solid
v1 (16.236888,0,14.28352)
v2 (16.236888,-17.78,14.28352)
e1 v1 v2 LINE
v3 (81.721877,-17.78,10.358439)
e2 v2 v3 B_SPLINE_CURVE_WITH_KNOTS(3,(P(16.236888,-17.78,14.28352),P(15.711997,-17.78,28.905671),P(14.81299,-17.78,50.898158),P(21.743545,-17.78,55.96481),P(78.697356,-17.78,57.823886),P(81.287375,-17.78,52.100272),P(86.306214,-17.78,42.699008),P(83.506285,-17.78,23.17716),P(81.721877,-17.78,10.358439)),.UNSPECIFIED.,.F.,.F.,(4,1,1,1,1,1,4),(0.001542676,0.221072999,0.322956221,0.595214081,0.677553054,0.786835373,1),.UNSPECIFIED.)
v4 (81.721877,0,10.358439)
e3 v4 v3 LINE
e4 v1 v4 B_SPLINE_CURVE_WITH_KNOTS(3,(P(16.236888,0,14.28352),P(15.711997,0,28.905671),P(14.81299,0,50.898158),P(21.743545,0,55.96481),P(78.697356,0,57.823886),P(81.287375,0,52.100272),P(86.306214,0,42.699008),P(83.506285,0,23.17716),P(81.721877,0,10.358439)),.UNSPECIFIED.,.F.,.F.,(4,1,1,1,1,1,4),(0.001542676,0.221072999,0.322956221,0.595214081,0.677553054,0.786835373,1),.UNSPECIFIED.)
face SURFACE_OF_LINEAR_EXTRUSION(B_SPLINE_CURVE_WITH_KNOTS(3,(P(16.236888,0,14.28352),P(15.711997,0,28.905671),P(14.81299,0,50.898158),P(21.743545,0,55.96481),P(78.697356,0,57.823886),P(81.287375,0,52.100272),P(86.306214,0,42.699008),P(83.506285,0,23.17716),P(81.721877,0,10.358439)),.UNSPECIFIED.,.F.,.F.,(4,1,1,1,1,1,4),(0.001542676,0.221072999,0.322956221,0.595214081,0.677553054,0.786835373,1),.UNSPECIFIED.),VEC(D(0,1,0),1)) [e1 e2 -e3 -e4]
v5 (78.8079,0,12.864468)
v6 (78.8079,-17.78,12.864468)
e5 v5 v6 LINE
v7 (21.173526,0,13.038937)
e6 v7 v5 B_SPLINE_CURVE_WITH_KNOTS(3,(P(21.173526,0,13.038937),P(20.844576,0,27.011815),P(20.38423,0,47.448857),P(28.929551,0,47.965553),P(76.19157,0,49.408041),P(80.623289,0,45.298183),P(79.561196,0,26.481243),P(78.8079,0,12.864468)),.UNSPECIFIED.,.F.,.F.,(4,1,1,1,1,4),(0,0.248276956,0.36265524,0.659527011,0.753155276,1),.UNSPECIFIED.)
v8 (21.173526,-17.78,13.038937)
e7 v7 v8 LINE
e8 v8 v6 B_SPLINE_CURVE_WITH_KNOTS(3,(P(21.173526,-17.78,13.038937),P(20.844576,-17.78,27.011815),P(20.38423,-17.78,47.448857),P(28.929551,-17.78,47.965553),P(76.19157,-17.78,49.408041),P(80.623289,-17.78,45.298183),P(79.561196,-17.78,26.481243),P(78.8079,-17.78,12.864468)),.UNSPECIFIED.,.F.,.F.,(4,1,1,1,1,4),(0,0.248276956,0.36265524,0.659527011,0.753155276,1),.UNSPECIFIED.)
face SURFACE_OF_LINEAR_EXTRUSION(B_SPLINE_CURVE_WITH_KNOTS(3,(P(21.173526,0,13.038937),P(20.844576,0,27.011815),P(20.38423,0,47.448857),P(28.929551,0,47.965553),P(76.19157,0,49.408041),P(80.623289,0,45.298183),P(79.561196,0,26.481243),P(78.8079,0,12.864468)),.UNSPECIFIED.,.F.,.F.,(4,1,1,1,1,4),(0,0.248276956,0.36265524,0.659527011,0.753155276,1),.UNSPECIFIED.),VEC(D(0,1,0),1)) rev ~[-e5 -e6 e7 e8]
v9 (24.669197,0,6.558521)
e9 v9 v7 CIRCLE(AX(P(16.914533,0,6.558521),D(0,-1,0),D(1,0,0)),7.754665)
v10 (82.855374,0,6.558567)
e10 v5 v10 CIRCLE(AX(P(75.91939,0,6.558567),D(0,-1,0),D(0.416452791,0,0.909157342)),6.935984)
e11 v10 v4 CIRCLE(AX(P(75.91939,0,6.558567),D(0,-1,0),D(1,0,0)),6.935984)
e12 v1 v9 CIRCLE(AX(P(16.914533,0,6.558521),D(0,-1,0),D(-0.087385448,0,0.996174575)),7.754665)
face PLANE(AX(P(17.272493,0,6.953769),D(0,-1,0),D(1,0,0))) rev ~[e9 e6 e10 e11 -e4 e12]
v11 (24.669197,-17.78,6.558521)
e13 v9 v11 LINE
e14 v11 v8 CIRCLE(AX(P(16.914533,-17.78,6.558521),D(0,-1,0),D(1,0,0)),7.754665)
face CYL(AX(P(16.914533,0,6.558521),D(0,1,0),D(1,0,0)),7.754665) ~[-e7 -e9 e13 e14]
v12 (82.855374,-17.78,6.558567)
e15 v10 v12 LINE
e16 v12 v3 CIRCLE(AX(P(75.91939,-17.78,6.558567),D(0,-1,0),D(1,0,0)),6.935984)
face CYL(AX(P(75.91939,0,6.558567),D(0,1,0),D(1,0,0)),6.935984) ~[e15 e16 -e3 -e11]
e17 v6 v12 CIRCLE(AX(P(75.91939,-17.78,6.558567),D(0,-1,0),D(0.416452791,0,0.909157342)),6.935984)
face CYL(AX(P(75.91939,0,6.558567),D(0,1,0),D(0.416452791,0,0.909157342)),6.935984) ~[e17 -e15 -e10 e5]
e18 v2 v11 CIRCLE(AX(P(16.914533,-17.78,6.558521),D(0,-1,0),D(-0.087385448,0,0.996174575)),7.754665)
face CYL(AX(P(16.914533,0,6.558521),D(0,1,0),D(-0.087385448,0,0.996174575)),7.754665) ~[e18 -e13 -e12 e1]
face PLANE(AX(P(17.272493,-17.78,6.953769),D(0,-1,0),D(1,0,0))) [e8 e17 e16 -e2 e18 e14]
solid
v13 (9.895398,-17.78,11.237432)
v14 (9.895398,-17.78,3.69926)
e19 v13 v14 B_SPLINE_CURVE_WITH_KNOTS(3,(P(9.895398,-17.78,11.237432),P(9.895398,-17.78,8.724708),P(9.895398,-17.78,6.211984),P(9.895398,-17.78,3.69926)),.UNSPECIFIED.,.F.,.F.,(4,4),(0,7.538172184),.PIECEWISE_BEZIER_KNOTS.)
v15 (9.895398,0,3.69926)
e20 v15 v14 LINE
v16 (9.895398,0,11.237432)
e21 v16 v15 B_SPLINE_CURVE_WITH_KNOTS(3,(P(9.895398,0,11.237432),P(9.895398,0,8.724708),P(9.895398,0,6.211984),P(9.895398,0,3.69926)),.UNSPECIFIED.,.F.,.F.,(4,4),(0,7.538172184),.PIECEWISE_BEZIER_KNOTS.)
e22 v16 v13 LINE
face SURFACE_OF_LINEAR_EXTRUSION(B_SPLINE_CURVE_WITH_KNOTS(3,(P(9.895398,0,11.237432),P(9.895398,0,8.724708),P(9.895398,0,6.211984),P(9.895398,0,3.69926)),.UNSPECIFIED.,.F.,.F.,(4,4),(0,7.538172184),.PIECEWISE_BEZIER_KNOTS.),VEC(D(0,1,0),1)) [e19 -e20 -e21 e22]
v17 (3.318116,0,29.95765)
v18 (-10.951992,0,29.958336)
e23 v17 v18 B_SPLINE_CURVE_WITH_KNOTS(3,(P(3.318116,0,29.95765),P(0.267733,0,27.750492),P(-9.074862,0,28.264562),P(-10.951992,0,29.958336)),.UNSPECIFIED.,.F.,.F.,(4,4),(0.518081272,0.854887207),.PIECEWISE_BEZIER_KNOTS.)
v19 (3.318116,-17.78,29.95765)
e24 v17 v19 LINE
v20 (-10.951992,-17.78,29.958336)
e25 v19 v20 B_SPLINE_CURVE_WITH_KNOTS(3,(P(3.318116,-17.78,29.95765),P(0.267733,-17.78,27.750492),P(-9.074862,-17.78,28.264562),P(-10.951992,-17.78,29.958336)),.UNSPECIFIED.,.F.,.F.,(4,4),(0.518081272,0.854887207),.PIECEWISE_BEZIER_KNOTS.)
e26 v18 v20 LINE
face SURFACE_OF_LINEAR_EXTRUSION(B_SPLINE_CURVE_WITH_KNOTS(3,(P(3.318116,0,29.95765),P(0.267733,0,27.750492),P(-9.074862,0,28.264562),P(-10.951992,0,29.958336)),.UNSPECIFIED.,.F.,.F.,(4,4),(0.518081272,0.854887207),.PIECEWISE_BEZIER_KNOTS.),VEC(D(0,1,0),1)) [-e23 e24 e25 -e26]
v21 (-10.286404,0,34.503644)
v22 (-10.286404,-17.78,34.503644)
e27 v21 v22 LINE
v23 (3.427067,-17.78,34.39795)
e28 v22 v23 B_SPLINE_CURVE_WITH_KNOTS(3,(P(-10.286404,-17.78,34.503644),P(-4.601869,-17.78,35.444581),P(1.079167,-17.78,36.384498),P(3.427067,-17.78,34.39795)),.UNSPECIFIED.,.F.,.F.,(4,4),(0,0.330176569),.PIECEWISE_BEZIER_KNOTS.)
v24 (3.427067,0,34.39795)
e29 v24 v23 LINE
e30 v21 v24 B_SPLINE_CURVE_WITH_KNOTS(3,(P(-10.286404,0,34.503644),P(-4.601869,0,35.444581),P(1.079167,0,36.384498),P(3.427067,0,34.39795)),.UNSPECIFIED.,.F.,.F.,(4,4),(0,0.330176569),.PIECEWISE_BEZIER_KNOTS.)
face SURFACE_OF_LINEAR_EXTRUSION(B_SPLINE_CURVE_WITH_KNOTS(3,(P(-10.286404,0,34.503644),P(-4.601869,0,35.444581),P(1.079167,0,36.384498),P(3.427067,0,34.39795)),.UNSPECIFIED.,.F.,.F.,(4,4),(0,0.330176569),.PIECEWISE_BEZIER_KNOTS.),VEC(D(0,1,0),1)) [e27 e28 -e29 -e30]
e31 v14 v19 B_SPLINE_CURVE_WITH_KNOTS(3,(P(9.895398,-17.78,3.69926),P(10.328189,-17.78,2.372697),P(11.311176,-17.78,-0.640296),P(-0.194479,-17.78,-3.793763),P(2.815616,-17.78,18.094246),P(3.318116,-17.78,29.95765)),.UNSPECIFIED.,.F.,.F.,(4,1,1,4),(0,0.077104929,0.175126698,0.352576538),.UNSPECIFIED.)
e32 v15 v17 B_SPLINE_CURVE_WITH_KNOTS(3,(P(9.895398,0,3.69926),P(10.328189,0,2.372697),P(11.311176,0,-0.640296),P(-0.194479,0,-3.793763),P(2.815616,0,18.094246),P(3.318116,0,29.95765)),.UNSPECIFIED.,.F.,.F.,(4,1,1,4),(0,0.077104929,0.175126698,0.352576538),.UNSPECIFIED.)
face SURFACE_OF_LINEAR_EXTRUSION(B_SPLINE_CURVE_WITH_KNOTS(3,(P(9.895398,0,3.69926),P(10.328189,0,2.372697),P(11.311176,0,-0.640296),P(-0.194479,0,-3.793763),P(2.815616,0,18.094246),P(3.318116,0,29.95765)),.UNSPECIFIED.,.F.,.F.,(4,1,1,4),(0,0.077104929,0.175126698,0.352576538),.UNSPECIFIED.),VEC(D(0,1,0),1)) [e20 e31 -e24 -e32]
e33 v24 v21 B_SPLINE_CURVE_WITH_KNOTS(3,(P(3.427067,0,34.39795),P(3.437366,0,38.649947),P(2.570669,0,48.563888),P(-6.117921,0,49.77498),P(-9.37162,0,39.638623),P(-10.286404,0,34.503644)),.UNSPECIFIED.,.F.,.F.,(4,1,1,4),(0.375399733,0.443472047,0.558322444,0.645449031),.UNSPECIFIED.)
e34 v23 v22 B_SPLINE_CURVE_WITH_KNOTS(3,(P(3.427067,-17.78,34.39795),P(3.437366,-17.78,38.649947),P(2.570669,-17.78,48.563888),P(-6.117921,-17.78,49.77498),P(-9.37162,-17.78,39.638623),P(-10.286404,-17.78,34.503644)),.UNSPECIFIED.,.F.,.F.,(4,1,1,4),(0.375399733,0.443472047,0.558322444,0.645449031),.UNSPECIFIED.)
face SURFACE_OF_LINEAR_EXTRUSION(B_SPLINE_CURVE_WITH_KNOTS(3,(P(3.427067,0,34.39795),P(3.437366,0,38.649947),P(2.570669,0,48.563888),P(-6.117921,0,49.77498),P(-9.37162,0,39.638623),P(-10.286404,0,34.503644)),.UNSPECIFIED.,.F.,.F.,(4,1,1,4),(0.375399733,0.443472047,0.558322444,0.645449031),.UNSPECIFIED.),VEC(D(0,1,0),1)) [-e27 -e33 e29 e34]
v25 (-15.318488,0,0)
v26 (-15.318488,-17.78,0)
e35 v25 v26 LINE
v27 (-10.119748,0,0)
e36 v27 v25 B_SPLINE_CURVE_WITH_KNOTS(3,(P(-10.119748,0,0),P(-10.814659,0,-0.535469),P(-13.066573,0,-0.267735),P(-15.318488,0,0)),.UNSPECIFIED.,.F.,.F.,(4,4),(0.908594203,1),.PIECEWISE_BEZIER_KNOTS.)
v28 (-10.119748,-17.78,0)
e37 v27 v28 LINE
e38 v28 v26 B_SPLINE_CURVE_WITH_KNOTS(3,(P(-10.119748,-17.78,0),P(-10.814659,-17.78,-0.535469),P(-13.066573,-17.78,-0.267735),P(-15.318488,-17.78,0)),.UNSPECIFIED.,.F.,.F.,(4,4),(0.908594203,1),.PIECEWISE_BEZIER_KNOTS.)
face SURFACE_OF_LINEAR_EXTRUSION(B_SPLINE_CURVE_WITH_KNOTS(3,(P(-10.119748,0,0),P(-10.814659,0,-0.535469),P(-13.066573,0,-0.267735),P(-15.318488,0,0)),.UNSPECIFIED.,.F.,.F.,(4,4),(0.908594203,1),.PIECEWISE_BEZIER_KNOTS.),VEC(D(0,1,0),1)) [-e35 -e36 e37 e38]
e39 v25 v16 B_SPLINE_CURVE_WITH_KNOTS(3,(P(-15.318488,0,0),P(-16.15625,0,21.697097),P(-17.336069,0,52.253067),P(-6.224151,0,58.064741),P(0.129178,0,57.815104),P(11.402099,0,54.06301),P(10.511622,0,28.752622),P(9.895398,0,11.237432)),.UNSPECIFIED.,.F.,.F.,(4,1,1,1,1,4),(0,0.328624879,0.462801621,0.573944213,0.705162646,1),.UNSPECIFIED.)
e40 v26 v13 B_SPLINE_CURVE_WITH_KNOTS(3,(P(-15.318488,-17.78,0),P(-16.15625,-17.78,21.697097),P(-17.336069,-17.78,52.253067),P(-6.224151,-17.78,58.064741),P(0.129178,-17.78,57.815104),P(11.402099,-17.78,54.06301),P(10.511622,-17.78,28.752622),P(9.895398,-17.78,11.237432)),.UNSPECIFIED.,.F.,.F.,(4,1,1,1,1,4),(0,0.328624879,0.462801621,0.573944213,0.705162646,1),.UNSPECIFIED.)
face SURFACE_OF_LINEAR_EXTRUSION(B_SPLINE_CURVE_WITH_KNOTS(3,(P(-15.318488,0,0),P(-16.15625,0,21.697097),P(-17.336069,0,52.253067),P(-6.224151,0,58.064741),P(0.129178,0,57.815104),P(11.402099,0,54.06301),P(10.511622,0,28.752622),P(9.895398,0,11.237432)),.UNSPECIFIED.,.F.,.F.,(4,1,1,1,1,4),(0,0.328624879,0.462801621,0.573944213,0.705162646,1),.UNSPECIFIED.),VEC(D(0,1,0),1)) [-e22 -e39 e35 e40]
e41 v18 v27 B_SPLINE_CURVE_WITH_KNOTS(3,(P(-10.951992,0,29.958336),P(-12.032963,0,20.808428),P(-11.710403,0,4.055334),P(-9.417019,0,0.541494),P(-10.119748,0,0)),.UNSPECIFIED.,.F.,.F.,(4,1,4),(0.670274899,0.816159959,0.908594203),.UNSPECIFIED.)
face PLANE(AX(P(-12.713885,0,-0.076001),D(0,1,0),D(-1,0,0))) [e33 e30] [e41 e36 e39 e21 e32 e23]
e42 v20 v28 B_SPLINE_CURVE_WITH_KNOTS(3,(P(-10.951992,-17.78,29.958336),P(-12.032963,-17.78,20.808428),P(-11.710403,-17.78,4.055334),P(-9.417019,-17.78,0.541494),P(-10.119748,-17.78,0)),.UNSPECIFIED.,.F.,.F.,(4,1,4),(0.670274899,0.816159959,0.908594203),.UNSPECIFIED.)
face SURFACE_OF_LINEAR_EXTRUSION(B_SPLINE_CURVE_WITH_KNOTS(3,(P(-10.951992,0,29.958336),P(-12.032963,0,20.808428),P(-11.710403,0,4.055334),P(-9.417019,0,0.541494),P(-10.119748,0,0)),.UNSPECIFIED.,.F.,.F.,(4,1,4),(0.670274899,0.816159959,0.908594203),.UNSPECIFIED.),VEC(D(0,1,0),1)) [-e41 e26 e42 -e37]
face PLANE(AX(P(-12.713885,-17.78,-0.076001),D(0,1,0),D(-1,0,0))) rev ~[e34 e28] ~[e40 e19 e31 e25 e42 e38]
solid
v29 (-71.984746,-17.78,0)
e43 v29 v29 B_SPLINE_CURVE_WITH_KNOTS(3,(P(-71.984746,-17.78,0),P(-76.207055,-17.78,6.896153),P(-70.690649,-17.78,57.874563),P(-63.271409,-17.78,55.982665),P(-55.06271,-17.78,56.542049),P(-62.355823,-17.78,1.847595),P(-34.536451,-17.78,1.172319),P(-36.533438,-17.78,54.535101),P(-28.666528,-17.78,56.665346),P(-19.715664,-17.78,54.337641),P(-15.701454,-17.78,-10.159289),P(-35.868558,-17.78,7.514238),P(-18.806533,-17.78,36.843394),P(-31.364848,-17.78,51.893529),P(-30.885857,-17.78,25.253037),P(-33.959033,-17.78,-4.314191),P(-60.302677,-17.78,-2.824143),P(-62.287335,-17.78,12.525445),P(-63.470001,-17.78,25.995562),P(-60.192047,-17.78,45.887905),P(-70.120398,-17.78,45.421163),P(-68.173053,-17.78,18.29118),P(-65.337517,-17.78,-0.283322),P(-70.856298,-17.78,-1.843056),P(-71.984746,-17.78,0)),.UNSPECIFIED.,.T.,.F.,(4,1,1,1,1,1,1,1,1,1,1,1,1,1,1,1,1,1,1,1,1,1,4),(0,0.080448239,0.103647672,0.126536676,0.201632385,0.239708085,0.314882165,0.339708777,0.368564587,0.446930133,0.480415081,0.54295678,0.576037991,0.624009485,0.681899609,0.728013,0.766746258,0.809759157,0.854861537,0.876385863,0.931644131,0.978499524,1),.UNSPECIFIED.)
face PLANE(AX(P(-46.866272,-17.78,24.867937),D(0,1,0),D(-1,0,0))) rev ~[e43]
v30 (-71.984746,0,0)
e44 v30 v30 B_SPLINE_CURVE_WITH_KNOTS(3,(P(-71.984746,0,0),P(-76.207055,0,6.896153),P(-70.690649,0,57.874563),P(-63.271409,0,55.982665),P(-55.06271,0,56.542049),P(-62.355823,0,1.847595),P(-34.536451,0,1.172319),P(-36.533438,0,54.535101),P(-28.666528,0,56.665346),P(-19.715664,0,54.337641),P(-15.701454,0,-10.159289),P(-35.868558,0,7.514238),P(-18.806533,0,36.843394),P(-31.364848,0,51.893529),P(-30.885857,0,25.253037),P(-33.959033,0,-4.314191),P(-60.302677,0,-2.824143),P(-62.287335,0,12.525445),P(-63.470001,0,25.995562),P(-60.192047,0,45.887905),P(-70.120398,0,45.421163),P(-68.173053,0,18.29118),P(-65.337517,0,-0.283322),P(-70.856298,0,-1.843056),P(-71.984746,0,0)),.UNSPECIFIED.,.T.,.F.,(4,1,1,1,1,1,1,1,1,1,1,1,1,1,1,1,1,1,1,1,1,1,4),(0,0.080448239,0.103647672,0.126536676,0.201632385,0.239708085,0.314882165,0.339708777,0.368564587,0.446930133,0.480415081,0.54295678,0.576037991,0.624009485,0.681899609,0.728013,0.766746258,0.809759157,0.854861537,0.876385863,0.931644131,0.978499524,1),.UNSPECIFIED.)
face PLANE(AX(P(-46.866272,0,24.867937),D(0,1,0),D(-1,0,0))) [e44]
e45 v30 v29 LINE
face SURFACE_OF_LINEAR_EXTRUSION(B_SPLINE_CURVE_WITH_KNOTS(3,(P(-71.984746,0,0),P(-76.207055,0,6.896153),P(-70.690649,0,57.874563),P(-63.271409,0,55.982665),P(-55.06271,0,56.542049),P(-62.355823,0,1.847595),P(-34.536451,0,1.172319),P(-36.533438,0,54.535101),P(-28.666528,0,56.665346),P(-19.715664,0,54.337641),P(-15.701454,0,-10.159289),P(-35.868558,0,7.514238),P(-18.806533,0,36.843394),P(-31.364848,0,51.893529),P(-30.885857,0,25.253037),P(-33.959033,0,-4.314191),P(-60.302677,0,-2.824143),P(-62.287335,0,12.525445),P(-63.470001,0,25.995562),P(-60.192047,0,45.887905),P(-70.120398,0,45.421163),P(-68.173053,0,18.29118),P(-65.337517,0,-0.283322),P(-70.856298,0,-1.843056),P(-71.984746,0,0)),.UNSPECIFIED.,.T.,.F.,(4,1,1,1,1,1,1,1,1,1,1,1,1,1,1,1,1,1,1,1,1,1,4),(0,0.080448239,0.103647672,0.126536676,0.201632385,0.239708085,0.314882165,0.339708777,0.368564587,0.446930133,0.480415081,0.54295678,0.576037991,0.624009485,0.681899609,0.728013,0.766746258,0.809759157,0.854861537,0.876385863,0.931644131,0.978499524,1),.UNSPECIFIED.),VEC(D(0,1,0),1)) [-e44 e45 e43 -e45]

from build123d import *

# Parameters (mm, degrees)
F2_DEPTH = 17.78


with BuildPart() as f2:
    # F1 (on Front) → F2 (new body)
    with BuildSketch(Plane.XZ):
        with BuildLine():
            add(Edge.make_bspline(
                [(-71.9847455621, 0), (-76.2070547956, 6.8961533842), (-70.6906486516, 57.8745627014), (-63.2714090588, 55.9826647163), (-55.0627101064, 56.5420492879), (-62.3558227077, 1.8475951782), (-34.5364508928, 1.1723191666), (-36.5334378917, 54.5351013275), (-28.6665279391, 56.6653461249), (-19.7156643182, 54.3376410746), (-15.7014535082, -10.1592894706), (-35.86855794, 7.5142376112), (-18.8065325204, 36.8433939841), (-31.3648475798, 51.8935289317), (-30.8858573696, 25.2530368224), (-33.9590334855, -4.314190713), (-60.3026769364, -2.8241428236), (-62.2873349579, 12.5254450786), (-63.4700005185, 25.9955618087), (-60.1920474235, 45.8879050467), (-70.120398054, 45.4211628462), (-68.1730528802, 18.2911796201), (-65.3375171868, -0.2833222025), (-70.8562975285, -1.8430556114), (-71.9847455621, 0)],
                knots=[0, 0, 0, 0, 0.0804482391, 0.1036476719, 0.1265366756, 0.2016323851, 0.2397080846, 0.3148821651, 0.3397087766, 0.3685645866, 0.4469301325, 0.4804150813, 0.5429567799, 0.5760379913, 0.6240094853, 0.6818996094, 0.7280130002, 0.7667462577, 0.8097591567, 0.8548615374, 0.8763858627, 0.9316441306, 0.9784995243, 1, 1, 1, 1], degree=3))
        make_face()
    extrude(amount=F2_DEPTH)


with BuildPart() as f2b:
    # F1 (on Front) → F2, piece 2 (new body)
    with BuildSketch(Plane.XZ):
        with BuildLine():
            add(Edge.make_bspline(
                [(-15.3184877709, 0), (-15.3136672035, 0.0813770975), (-12.7167077526, 0.0406885487), (-10.1197483018, 0)],
                knots=[0.3977596645, 0.3977596645, 0.3977596645, 0.3977596645, 1, 1, 1, 1], degree=3))
            add(Edge.make_bspline(
                [(-10.1197483018, 0), (-10.8146586927, -0.5354692152), (-13.0665732318, -0.2677346076), (-15.3184877709, 0)],
                knots=[0.9085942035, 0.9085942035, 0.9085942035, 0.9085942035, 1, 1, 1, 1], degree=3))
        make_face()
        with BuildLine():
            add(Edge.make_bspline(
                [(-15.3184877709, 0), (-16.1562500531, 21.6970974449), (-17.3360686455, 52.2530672126), (-6.2241514195, 58.0647410129), (0.1291782051, 57.8151035789), (11.4020986356, 54.0630100429), (10.5116221301, 28.752621844), (9.8953982815, 11.2374322489)],
                knots=[0, 0, 0, 0, 0.3286248793, 0.4628016214, 0.5739442133, 0.7051626462, 1, 1, 1, 1], degree=3))
            add(Edge.make_bspline(
                [(-15.3184877709, 0), (-15.3136672035, 0.0813770975), (-12.7167077526, 0.0406885487), (-10.1197483018, 0)],
                knots=[0.3977596645, 0.3977596645, 0.3977596645, 0.3977596645, 1, 1, 1, 1], degree=3))
            add(Edge.make_bspline(
                [(-10.9519915207, 29.958335944), (-12.0329630557, 20.8084283228), (-11.7104031892, 4.0553342794), (-9.417019162, 0.5414940199), (-10.1197483018, 0)],
                knots=[0.6702748993, 0.6702748993, 0.6702748993, 0.6702748993, 0.8161599592, 0.9085942035, 0.9085942035, 0.9085942035, 0.9085942035], degree=3))
            add(Edge.make_bspline(
                [(-10.9519915196, 29.9583359533), (-11.7607523899, 30.688098266), (-11.1836866931, 31.6368510167), (-10.600891061, 32.5839482444)],
                knots=[0.8548872069, 0.8548872069, 0.8548872069, 0.8548872069, 1, 1, 1, 1], degree=3))
            add(Edge.make_bspline(
                [(-10.2864038827, 34.5036436078), (-10.3985016951, 33.8744018856), (-10.5032602095, 33.2337108197), (-10.600891061, 32.5839482444)],
                knots=[0.6454490314, 0.6454490314, 0.6454490314, 0.6454490314, 0.6561255465, 0.6561255465, 0.6561255465, 0.6561255465], degree=3))
            add(Edge.make_bspline(
                [(3.4270669285, 34.3979503247), (3.4373661098, 38.6499473), (2.5706685759, 48.5638878297), (-6.1179205413, 49.7749795649), (-9.3716203819, 39.6386229007), (-10.2864038827, 34.5036436078)],
                knots=[0.3753997332, 0.3753997332, 0.3753997332, 0.3753997332, 0.4434720474, 0.5583224437, 0.6454490314, 0.6454490314, 0.6454490314, 0.6454490314], degree=3))
            add(Edge.make_bspline(
                [(3.4270669285, 34.3979503247), (4.7632653734, 33.2673988044), (5.0199310422, 31.1890269734), (3.3181163263, 29.9576495769)],
                knots=[0.3301765693, 0.3301765693, 0.3301765693, 0.3301765693, 0.5180812717, 0.5180812717, 0.5180812717, 0.5180812717], degree=3))
            add(Edge.make_bspline(
                [(9.8953982815, 3.6992600653), (10.3281885841, 2.372697131), (11.3111755019, -0.6402955405), (-0.1944788593, -3.7937626729), (2.8156159564, 18.0942457152), (3.3181163263, 29.9576495769)],
                knots=[0, 0, 0, 0, 0.0771049292, 0.1751266982, 0.3525765375, 0.3525765375, 0.3525765375, 0.3525765375], degree=3))
            add(Edge.make_bspline(
                [(9.8953982815, 11.2374322489), (9.8953982815, 8.7247081877), (9.8953982815, 6.2119841265), (9.8953982815, 3.6992600653)],
                knots=[0, 0, 0, 0, 7.5381721836, 7.5381721836, 7.5381721836, 7.5381721836], degree=3))
        make_face()
        with BuildLine():
            add(Edge.make_bspline(
                [(-10.9519915196, 29.9583359533), (-11.7607523899, 30.688098266), (-11.1836866931, 31.6368510167), (-10.600891061, 32.5839482444)],
                knots=[0.8548872069, 0.8548872069, 0.8548872069, 0.8548872069, 1, 1, 1, 1], degree=3))
            add(Edge.make_bspline(
                [(-10.600891061, 32.5839482444), (-10.7302791006, 31.7228320648), (-10.8471483817, 30.8457830278), (-10.9519915207, 29.958335944)],
                knots=[0.6561255465, 0.6561255465, 0.6561255465, 0.6561255465, 0.6702748993, 0.6702748993, 0.6702748993, 0.6702748993], degree=3))
        make_face()
        with BuildLine():
            add(Edge.make_bspline(
                [(-10.600891061, 32.5839482444), (-10.7302791006, 31.7228320648), (-10.8471483817, 30.8457830278), (-10.9519915207, 29.958335944)],
                knots=[0.6561255465, 0.6561255465, 0.6561255465, 0.6561255465, 0.6702748993, 0.6702748993, 0.6702748993, 0.6702748993], degree=3))
            add(Edge.make_bspline(
                [(3.3181163263, 29.9576495769), (0.2677333955, 27.7504923837), (-9.0748623197, 28.2645619386), (-10.9519915196, 29.9583359533)],
                knots=[0.5180812717, 0.5180812717, 0.5180812717, 0.5180812717, 0.8548872069, 0.8548872069, 0.8548872069, 0.8548872069], degree=3))
            add(Edge.make_bspline(
                [(3.3181163263, 29.9576495769), (3.3827467837, 31.4834936652), (3.4236138326, 32.9723463883), (3.4270669285, 34.3979503247)],
                knots=[0.3525765375, 0.3525765375, 0.3525765375, 0.3525765375, 0.3753997332, 0.3753997332, 0.3753997332, 0.3753997332], degree=3))
            add(Edge.make_bspline(
                [(-10.2864038827, 34.5036436078), (-4.601868743, 35.4445811894), (1.0791671012, 36.3844978538), (3.4270669285, 34.3979503247)],
                knots=[0, 0, 0, 0, 0.3301765693, 0.3301765693, 0.3301765693, 0.3301765693], degree=3))
            add(Edge.make_bspline(
                [(-10.2864038827, 34.5036436078), (-10.3985016951, 33.8744018856), (-10.5032602095, 33.2337108197), (-10.600891061, 32.5839482444)],
                knots=[0.6454490314, 0.6454490314, 0.6454490314, 0.6454490314, 0.6561255465, 0.6561255465, 0.6561255465, 0.6561255465], degree=3))
        make_face()
        with BuildLine():
            add(Edge.make_bspline(
                [(3.3181163263, 29.9576495769), (3.3827467837, 31.4834936652), (3.4236138326, 32.9723463883), (3.4270669285, 34.3979503247)],
                knots=[0.3525765375, 0.3525765375, 0.3525765375, 0.3525765375, 0.3753997332, 0.3753997332, 0.3753997332, 0.3753997332], degree=3))
            add(Edge.make_bspline(
                [(3.4270669285, 34.3979503247), (4.7632653734, 33.2673988044), (5.0199310422, 31.1890269734), (3.3181163263, 29.9576495769)],
                knots=[0.3301765693, 0.3301765693, 0.3301765693, 0.3301765693, 0.5180812717, 0.5180812717, 0.5180812717, 0.5180812717], degree=3))
        make_face()
    extrude(amount=F2_DEPTH)


with BuildPart() as f2c:
    # F0 (on Front) → F2, piece 3 (new body)
    with BuildSketch(Plane.XZ):
        with BuildLine():
            ThreePointArc((16.2368878306, 14.2835204288), (11.6762163676, 0.8405781777), (24.6691973314, 6.5585206604))
            ThreePointArc((24.6691973314, 6.5585206604), (23.7395561688, 10.2400798741), (21.1735263147, 13.0389370914))
            ThreePointArc((21.1735263147, 13.0389370914), (18.8102546269, 14.0778997724), (16.2368878306, 14.2835204288))
        make_face()
        with BuildLine():
            ThreePointArc((16.2368878306, 14.2835204288), (18.8102546269, 14.0778997724), (21.1735263147, 13.0389370914))
            add(Edge.make_bspline(
                [(21.1735263147, 13.0389370914), (20.8445758455, 27.0118147807), (20.3842297593, 47.4488569608), (28.9295511699, 47.9655527144), (76.1915697286, 49.4080413712), (80.6232892088, 45.298183043), (79.5611963711, 26.4812434128), (78.8078997648, 12.8644679109)],
                knots=[0, 0, 0, 0, 0.2482769562, 0.3626552404, 0.6595270106, 0.7531552763, 1, 1, 1, 1], degree=3))
            ThreePointArc((78.8078997648, 12.8644679109), (80.4419335255, 11.8173191807), (81.7218765598, 10.3584385744))
            add(Edge.make_bspline(
                [(16.2368878306, 14.2835204288), (15.7119973323, 28.9056705981), (14.8129895894, 50.8981576536), (21.7435447042, 55.9648103112), (78.6973558369, 57.8238857545), (81.2873753472, 52.1002721608), (86.3062140691, 42.6990080462), (83.5062845238, 23.1771597097), (81.7218765598, 10.3584385744)],
                knots=[0.001542676, 0.001542676, 0.001542676, 0.001542676, 0.2210729991, 0.322956221, 0.5952140809, 0.6775530537, 0.7868353732, 1, 1, 1, 1], degree=3))
        make_face()
        with BuildLine():
            ThreePointArc((81.7218765598, 10.3584385744), (80.4419335255, 11.8173191807), (78.8078997648, 12.8644679109))
            ThreePointArc((78.8078997648, 12.8644679109), (70.0823297097, 2.8120205165), (82.8553740688, 6.5585668199))
            ThreePointArc((82.8553740688, 6.5585668199), (82.5659616482, 8.5412318164), (81.7218765598, 10.3584385744))
        make_face()
    extrude(amount=F2_DEPTH)


solid = Compound([f2.part, f2b.part, f2c.part])
